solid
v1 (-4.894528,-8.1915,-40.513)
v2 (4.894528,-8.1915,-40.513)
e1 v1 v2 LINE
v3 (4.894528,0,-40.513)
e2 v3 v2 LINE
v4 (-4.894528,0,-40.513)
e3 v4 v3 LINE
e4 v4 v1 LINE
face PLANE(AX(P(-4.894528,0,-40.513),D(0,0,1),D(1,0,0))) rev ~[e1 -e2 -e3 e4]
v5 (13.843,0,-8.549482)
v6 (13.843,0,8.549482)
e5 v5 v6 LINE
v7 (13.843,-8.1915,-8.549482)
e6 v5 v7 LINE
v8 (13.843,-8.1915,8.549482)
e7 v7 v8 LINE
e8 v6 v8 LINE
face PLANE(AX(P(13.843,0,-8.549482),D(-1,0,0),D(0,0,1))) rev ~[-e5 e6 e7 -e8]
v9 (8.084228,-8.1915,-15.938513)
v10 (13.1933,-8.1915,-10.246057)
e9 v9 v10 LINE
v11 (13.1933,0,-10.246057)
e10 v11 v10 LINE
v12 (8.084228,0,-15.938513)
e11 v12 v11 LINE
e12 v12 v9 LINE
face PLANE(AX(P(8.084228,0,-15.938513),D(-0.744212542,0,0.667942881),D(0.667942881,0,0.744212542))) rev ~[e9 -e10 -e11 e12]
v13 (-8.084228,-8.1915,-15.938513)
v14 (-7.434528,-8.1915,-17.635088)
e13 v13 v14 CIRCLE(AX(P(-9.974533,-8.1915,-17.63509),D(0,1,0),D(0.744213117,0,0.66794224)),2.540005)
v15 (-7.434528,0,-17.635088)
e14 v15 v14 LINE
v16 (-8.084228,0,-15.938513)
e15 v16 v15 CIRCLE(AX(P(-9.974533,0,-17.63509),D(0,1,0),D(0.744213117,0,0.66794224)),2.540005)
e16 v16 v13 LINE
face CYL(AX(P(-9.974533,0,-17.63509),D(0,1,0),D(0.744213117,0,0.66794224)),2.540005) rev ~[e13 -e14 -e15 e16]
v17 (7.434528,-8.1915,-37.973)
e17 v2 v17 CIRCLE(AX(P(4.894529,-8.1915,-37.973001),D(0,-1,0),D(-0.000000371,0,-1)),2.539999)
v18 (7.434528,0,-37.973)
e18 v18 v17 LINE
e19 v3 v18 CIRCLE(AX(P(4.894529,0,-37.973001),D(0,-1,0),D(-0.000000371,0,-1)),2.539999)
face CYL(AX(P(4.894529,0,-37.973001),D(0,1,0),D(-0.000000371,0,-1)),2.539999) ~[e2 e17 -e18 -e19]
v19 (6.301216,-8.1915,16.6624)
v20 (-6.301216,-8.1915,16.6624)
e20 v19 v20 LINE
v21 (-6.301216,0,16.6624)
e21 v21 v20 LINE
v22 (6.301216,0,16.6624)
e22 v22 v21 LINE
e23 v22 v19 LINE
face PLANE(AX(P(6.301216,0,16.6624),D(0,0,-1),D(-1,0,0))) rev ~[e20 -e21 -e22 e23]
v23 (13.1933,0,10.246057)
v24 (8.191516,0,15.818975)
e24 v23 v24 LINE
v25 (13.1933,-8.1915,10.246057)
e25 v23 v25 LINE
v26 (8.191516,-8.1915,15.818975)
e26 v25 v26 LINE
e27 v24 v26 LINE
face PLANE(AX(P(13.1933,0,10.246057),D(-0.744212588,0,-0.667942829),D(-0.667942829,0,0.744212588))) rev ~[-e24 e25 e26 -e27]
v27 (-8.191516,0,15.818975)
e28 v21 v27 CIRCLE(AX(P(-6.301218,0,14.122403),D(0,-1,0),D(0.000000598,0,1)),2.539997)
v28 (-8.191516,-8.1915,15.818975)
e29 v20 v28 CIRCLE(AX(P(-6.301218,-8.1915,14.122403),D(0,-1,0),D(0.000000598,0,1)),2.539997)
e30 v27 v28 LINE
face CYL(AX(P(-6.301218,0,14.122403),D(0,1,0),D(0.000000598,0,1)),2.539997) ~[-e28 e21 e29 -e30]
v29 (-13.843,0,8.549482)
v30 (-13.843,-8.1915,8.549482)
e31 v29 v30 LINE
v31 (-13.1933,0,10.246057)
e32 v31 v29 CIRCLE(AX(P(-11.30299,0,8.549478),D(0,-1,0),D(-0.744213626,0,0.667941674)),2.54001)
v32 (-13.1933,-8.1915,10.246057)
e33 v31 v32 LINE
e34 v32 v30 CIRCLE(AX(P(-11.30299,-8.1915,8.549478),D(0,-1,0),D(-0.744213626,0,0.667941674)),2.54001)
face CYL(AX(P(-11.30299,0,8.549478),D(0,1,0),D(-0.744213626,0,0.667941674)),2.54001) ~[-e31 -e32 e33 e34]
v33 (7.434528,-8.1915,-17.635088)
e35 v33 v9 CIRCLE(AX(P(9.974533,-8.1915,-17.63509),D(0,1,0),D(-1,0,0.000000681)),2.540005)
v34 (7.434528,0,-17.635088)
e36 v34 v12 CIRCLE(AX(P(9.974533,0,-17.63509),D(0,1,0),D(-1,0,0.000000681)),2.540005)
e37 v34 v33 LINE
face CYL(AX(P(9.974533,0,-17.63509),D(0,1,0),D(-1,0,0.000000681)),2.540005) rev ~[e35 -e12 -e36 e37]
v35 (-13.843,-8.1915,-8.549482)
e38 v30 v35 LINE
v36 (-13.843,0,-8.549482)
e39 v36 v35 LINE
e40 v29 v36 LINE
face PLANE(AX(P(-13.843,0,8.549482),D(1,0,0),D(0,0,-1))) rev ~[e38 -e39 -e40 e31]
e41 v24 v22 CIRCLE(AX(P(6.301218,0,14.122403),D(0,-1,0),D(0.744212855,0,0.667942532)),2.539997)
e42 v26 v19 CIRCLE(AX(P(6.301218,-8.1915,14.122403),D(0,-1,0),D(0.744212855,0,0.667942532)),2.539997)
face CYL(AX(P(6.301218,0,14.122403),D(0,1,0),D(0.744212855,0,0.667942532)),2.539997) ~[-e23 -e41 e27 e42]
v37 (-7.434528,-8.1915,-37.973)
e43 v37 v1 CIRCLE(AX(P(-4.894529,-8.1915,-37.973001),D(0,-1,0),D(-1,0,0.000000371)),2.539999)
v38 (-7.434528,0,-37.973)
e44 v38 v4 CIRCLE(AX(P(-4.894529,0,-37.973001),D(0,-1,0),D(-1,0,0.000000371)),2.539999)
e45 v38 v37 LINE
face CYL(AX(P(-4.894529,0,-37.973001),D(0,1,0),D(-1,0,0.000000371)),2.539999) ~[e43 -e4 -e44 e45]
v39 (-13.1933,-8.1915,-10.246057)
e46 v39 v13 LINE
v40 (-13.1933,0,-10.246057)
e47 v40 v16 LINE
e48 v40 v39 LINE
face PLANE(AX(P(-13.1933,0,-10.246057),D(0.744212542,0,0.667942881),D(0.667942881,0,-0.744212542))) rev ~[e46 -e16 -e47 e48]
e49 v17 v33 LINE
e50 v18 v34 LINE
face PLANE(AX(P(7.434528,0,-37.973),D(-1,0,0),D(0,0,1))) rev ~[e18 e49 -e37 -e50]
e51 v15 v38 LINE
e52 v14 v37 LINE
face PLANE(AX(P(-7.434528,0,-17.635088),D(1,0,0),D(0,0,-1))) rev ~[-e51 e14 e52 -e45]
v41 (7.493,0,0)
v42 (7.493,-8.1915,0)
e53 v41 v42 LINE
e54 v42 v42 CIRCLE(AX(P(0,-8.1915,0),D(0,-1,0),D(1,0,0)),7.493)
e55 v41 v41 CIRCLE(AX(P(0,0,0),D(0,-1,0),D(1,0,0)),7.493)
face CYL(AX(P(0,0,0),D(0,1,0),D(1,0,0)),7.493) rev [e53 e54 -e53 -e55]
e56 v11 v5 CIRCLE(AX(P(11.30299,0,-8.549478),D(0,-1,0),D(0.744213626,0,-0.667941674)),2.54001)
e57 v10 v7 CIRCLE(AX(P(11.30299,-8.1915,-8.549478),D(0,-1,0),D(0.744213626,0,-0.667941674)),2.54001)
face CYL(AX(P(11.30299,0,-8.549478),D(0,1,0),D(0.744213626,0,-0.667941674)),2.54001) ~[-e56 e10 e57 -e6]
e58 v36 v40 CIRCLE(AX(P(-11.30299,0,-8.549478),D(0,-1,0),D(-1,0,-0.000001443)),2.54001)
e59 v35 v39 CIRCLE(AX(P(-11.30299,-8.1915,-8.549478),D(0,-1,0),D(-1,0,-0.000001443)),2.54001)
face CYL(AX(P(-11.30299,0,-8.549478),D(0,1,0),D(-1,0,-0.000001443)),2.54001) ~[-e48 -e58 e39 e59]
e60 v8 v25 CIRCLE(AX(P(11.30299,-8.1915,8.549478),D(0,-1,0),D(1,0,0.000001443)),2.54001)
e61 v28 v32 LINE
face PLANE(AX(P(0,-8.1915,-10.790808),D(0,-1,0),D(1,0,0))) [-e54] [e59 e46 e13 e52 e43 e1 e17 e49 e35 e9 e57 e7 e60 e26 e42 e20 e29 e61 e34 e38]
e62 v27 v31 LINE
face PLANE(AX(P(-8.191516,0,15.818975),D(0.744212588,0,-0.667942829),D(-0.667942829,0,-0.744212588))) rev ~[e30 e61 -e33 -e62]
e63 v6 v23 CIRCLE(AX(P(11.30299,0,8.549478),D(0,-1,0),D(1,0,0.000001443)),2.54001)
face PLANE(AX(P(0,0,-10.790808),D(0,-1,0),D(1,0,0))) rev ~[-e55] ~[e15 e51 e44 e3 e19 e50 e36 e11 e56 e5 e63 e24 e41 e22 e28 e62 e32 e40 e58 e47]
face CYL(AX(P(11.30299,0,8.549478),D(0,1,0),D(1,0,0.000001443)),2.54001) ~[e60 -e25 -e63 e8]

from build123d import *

# Parameters (mm, degrees)
F0_R     = 7.493
F1_DEPTH = 8.1915


with BuildPart() as f1:
    # F0 (on Front) → F1 (new body)
    with BuildSketch(Plane.XZ):
        with BuildLine():
            Line((6.301216, 16.6624), (-6.301216, 16.6624))
            ThreePointArc((-6.301216, 16.6624), (-7.33618, 16.44198), (-8.191516, 15.818975))
            Line((-8.191516, 15.818975), (-13.1933, 10.246057))
            ThreePointArc((-13.1933, 10.246057), (-13.67502, 9.457842), (-13.843, 8.549482))
            Line((-13.843, 8.549482), (-13.843, -8.549482))
            ThreePointArc((-13.843, -8.549482), (-13.67502, -9.457842), (-13.1933, -10.246057))
            Line((-13.1933, -10.246057), (-8.084228, -15.938513))
            ThreePointArc((-8.084228, -15.938513), (-7.602508, -16.726727), (-7.434528, -17.635088))
            Line((-7.434528, -17.635088), (-7.434528, -37.973))
            ThreePointArc((-7.434528, -37.973), (-6.69058, -39.769051), (-4.894528, -40.513))
            Line((-4.894528, -40.513), (4.894528, -40.513))
            ThreePointArc((4.894528, -40.513), (6.69058, -39.769051), (7.434528, -37.973))
            Line((7.434528, -37.973), (7.434528, -17.635088))
            ThreePointArc((7.434528, -17.635088), (7.602508, -16.726727), (8.084228, -15.938513))
            Line((8.084228, -15.938513), (13.1933, -10.246057))
            ThreePointArc((13.1933, -10.246057), (13.67502, -9.457842), (13.843, -8.549482))
            Line((13.843, -8.549482), (13.843, 8.549482))
            ThreePointArc((13.843, 8.549482), (13.67502, 9.457842), (13.1933, 10.246057))
            Line((13.1933, 10.246057), (8.191516, 15.818975))
            ThreePointArc((8.191516, 15.818975), (7.33618, 16.44198), (6.301216, 16.6624))
        make_face()
        Circle(F0_R, mode=Mode.SUBTRACT)
    extrude(amount=F1_DEPTH)


solid = f1.part
